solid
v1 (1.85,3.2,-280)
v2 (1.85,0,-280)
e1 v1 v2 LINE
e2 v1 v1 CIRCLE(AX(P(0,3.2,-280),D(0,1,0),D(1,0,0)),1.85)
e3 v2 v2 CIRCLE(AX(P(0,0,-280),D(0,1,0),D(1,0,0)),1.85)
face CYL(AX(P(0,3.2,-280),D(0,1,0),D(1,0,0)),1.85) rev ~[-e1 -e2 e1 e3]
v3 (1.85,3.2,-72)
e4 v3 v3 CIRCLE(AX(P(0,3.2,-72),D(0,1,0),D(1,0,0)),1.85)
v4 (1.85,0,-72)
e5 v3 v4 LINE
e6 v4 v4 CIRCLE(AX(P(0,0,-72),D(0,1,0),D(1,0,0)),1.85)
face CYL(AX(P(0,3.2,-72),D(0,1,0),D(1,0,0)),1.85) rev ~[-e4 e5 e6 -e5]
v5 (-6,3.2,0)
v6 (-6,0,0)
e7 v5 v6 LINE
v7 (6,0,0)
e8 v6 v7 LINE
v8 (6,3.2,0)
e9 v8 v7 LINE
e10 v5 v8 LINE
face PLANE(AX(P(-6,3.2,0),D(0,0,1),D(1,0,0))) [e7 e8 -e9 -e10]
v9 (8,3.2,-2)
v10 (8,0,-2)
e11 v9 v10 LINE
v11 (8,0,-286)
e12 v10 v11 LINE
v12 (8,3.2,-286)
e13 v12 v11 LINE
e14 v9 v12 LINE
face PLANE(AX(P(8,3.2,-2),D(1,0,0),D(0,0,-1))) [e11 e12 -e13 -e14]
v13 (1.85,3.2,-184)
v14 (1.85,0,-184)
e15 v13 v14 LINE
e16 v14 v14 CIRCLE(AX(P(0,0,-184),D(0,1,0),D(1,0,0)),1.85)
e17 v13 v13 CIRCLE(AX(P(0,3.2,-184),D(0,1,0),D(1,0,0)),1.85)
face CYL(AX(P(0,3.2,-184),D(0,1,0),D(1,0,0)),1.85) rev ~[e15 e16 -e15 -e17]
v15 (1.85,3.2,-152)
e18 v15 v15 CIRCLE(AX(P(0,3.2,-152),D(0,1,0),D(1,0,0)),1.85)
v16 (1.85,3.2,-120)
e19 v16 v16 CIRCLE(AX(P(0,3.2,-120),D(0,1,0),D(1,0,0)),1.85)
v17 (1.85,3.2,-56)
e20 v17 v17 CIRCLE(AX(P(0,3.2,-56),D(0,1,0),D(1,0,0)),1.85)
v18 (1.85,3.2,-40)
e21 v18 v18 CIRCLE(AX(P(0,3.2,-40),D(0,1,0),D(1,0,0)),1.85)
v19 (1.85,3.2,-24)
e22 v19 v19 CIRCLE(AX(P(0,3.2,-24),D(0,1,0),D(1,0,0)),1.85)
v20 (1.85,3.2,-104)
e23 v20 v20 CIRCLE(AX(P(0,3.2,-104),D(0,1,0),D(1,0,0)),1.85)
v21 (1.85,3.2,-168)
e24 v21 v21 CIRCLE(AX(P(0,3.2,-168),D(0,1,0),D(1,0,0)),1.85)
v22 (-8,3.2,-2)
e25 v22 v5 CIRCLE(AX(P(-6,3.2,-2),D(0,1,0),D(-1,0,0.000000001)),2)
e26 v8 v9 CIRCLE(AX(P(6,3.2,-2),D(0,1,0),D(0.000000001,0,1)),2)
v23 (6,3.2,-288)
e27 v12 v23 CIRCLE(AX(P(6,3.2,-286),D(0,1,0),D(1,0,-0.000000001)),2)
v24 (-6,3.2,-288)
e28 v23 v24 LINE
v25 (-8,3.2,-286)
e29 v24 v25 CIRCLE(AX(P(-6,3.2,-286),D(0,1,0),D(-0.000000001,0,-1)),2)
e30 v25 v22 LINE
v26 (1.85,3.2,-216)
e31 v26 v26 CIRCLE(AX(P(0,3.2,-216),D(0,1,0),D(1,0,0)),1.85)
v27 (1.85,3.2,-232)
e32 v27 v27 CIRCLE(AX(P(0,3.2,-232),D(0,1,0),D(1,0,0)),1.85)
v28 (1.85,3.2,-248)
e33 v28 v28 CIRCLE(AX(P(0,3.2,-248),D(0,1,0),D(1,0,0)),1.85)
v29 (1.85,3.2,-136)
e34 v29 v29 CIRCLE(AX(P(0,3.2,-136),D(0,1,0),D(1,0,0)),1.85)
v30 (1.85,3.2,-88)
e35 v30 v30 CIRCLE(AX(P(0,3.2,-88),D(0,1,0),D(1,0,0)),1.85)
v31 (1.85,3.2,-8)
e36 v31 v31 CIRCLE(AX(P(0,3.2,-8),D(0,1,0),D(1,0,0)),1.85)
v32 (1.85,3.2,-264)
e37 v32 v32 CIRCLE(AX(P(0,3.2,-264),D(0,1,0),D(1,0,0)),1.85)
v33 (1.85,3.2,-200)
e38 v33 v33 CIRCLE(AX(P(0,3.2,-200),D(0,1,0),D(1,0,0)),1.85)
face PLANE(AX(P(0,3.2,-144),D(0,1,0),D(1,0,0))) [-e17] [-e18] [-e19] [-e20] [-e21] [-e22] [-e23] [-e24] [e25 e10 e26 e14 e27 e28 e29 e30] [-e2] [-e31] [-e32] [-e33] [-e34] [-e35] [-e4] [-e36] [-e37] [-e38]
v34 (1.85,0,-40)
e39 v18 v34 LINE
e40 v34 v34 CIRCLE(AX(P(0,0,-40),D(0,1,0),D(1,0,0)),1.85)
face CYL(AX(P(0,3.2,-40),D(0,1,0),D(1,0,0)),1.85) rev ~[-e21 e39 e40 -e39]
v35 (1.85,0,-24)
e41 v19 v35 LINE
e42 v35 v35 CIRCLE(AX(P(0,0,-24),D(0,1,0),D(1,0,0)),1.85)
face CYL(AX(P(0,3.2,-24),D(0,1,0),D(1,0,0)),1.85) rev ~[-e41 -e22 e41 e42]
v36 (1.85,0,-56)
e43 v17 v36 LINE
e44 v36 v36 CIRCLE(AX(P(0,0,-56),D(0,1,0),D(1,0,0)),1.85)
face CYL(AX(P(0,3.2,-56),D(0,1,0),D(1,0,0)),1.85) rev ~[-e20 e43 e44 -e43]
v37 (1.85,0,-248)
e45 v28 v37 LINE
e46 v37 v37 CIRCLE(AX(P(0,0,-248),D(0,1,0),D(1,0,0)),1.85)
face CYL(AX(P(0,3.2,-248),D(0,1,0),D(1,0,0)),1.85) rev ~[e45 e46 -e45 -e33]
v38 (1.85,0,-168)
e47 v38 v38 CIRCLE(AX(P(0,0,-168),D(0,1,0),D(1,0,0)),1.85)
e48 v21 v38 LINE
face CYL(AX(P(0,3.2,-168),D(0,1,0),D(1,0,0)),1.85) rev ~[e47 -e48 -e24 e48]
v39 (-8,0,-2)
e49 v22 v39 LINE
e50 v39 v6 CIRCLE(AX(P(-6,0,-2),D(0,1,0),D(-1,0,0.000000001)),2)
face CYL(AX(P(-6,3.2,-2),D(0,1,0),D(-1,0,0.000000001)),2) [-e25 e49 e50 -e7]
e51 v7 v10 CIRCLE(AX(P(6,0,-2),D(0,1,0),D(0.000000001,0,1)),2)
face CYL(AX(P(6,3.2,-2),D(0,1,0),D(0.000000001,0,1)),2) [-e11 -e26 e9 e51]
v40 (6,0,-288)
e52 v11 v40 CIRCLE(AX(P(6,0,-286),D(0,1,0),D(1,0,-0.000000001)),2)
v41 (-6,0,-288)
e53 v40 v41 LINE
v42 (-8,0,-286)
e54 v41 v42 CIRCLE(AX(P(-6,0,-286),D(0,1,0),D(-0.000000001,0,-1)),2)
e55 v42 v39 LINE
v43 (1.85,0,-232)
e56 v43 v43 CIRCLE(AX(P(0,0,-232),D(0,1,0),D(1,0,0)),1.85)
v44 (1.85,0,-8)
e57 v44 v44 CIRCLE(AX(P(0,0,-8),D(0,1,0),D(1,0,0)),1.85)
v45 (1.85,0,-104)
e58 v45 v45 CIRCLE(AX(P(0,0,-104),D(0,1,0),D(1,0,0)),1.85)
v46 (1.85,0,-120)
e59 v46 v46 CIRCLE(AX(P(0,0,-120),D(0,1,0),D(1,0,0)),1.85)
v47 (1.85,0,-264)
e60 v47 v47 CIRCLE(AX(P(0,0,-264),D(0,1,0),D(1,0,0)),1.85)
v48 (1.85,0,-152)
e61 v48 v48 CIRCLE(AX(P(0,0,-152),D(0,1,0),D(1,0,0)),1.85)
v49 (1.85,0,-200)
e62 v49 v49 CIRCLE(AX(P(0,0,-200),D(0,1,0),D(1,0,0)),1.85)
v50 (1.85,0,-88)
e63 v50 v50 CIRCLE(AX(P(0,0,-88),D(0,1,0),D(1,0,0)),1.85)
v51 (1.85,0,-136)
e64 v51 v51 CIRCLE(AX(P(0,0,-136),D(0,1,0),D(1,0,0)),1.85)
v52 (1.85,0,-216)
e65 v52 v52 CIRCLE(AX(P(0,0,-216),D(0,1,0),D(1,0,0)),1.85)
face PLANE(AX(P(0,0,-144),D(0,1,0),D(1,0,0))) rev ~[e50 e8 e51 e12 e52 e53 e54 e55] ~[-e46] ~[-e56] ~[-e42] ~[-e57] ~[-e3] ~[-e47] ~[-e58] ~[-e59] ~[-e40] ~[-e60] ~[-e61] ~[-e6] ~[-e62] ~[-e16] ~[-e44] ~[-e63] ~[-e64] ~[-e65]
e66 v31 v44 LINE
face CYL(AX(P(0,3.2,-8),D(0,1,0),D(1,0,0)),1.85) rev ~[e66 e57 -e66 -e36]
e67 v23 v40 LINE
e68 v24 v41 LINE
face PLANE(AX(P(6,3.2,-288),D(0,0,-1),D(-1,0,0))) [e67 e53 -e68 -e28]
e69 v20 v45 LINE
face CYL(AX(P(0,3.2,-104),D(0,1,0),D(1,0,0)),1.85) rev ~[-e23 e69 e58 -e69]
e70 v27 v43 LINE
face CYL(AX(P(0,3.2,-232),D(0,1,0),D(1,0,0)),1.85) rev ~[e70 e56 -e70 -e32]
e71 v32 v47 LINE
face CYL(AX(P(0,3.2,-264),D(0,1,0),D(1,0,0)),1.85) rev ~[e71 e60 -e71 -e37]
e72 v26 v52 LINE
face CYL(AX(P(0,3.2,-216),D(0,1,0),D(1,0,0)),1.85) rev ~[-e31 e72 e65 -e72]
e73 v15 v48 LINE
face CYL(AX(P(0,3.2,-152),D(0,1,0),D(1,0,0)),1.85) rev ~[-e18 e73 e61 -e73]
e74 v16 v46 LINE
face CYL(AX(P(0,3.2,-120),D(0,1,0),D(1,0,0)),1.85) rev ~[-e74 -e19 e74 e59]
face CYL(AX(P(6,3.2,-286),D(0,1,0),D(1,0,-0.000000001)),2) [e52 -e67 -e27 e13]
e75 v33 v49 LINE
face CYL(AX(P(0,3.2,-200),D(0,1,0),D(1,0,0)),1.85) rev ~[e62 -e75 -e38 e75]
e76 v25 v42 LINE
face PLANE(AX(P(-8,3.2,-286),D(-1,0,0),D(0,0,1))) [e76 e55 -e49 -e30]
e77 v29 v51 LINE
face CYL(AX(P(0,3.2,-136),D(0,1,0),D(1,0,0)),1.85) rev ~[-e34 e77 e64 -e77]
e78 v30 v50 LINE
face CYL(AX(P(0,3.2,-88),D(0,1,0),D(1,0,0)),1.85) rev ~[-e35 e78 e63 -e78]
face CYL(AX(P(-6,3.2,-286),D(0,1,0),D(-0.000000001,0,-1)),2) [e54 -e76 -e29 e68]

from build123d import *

# Parameters (mm, degrees)
SKETCH1_R           = 1.85
BOSS_EXTRUDE1_DEPTH = 3.2


with BuildPart() as part:
    # Sketch1 → Boss-Extrude1 (new body)
    with BuildSketch(Plane(origin=(0, 3.2, 0), x_dir=(1, 0, 0), z_dir=(0, 1, 0))):
        with BuildLine():
            Line((8, 2), (8, 286))
            ThreePointArc((8, 286), (7.414213562, 287.414213562), (6, 288))
            Line((6, 288), (-6, 288))
            ThreePointArc((-6, 288), (-7.414213562, 287.414213562), (-8, 286))
            Line((-8, 286), (-8, 2))
            ThreePointArc((-8, 2), (-7.414213562, 0.585786438), (-6, 0))
            Line((-6, 0), (6, 0))
            ThreePointArc((6, 0), (7.414213562, 0.585786438), (8, 2))
        make_face()
        with Locations((0, 280)):
            Circle(SKETCH1_R, mode=Mode.SUBTRACT)
        with Locations((0, 264)):
            Circle(SKETCH1_R, mode=Mode.SUBTRACT)
        with Locations((0, 248)):
            Circle(SKETCH1_R, mode=Mode.SUBTRACT)
        with Locations((0, 232)):
            Circle(SKETCH1_R, mode=Mode.SUBTRACT)
        with Locations((0, 216)):
            Circle(SKETCH1_R, mode=Mode.SUBTRACT)
        with Locations((0, 200)):
            Circle(SKETCH1_R, mode=Mode.SUBTRACT)
        with Locations((0, 184)):
            Circle(SKETCH1_R, mode=Mode.SUBTRACT)
        with Locations((0, 168)):
            Circle(SKETCH1_R, mode=Mode.SUBTRACT)
        with Locations((0, 152)):
            Circle(SKETCH1_R, mode=Mode.SUBTRACT)
        with Locations((0, 136)):
            Circle(SKETCH1_R, mode=Mode.SUBTRACT)
        with Locations((0, 120)):
            Circle(SKETCH1_R, mode=Mode.SUBTRACT)
        with Locations((0, 104)):
            Circle(SKETCH1_R, mode=Mode.SUBTRACT)
        with Locations((0, 88)):
            Circle(SKETCH1_R, mode=Mode.SUBTRACT)
        with Locations((0, 72)):
            Circle(SKETCH1_R, mode=Mode.SUBTRACT)
        with Locations((0, 56)):
            Circle(SKETCH1_R, mode=Mode.SUBTRACT)
        with Locations((0, 40)):
            Circle(SKETCH1_R, mode=Mode.SUBTRACT)
        with Locations((0, 24)):
            Circle(SKETCH1_R, mode=Mode.SUBTRACT)
        with Locations((0, 8)):
            Circle(SKETCH1_R, mode=Mode.SUBTRACT)
    extrude(amount=-BOSS_EXTRUDE1_DEPTH)


solid = part.part
